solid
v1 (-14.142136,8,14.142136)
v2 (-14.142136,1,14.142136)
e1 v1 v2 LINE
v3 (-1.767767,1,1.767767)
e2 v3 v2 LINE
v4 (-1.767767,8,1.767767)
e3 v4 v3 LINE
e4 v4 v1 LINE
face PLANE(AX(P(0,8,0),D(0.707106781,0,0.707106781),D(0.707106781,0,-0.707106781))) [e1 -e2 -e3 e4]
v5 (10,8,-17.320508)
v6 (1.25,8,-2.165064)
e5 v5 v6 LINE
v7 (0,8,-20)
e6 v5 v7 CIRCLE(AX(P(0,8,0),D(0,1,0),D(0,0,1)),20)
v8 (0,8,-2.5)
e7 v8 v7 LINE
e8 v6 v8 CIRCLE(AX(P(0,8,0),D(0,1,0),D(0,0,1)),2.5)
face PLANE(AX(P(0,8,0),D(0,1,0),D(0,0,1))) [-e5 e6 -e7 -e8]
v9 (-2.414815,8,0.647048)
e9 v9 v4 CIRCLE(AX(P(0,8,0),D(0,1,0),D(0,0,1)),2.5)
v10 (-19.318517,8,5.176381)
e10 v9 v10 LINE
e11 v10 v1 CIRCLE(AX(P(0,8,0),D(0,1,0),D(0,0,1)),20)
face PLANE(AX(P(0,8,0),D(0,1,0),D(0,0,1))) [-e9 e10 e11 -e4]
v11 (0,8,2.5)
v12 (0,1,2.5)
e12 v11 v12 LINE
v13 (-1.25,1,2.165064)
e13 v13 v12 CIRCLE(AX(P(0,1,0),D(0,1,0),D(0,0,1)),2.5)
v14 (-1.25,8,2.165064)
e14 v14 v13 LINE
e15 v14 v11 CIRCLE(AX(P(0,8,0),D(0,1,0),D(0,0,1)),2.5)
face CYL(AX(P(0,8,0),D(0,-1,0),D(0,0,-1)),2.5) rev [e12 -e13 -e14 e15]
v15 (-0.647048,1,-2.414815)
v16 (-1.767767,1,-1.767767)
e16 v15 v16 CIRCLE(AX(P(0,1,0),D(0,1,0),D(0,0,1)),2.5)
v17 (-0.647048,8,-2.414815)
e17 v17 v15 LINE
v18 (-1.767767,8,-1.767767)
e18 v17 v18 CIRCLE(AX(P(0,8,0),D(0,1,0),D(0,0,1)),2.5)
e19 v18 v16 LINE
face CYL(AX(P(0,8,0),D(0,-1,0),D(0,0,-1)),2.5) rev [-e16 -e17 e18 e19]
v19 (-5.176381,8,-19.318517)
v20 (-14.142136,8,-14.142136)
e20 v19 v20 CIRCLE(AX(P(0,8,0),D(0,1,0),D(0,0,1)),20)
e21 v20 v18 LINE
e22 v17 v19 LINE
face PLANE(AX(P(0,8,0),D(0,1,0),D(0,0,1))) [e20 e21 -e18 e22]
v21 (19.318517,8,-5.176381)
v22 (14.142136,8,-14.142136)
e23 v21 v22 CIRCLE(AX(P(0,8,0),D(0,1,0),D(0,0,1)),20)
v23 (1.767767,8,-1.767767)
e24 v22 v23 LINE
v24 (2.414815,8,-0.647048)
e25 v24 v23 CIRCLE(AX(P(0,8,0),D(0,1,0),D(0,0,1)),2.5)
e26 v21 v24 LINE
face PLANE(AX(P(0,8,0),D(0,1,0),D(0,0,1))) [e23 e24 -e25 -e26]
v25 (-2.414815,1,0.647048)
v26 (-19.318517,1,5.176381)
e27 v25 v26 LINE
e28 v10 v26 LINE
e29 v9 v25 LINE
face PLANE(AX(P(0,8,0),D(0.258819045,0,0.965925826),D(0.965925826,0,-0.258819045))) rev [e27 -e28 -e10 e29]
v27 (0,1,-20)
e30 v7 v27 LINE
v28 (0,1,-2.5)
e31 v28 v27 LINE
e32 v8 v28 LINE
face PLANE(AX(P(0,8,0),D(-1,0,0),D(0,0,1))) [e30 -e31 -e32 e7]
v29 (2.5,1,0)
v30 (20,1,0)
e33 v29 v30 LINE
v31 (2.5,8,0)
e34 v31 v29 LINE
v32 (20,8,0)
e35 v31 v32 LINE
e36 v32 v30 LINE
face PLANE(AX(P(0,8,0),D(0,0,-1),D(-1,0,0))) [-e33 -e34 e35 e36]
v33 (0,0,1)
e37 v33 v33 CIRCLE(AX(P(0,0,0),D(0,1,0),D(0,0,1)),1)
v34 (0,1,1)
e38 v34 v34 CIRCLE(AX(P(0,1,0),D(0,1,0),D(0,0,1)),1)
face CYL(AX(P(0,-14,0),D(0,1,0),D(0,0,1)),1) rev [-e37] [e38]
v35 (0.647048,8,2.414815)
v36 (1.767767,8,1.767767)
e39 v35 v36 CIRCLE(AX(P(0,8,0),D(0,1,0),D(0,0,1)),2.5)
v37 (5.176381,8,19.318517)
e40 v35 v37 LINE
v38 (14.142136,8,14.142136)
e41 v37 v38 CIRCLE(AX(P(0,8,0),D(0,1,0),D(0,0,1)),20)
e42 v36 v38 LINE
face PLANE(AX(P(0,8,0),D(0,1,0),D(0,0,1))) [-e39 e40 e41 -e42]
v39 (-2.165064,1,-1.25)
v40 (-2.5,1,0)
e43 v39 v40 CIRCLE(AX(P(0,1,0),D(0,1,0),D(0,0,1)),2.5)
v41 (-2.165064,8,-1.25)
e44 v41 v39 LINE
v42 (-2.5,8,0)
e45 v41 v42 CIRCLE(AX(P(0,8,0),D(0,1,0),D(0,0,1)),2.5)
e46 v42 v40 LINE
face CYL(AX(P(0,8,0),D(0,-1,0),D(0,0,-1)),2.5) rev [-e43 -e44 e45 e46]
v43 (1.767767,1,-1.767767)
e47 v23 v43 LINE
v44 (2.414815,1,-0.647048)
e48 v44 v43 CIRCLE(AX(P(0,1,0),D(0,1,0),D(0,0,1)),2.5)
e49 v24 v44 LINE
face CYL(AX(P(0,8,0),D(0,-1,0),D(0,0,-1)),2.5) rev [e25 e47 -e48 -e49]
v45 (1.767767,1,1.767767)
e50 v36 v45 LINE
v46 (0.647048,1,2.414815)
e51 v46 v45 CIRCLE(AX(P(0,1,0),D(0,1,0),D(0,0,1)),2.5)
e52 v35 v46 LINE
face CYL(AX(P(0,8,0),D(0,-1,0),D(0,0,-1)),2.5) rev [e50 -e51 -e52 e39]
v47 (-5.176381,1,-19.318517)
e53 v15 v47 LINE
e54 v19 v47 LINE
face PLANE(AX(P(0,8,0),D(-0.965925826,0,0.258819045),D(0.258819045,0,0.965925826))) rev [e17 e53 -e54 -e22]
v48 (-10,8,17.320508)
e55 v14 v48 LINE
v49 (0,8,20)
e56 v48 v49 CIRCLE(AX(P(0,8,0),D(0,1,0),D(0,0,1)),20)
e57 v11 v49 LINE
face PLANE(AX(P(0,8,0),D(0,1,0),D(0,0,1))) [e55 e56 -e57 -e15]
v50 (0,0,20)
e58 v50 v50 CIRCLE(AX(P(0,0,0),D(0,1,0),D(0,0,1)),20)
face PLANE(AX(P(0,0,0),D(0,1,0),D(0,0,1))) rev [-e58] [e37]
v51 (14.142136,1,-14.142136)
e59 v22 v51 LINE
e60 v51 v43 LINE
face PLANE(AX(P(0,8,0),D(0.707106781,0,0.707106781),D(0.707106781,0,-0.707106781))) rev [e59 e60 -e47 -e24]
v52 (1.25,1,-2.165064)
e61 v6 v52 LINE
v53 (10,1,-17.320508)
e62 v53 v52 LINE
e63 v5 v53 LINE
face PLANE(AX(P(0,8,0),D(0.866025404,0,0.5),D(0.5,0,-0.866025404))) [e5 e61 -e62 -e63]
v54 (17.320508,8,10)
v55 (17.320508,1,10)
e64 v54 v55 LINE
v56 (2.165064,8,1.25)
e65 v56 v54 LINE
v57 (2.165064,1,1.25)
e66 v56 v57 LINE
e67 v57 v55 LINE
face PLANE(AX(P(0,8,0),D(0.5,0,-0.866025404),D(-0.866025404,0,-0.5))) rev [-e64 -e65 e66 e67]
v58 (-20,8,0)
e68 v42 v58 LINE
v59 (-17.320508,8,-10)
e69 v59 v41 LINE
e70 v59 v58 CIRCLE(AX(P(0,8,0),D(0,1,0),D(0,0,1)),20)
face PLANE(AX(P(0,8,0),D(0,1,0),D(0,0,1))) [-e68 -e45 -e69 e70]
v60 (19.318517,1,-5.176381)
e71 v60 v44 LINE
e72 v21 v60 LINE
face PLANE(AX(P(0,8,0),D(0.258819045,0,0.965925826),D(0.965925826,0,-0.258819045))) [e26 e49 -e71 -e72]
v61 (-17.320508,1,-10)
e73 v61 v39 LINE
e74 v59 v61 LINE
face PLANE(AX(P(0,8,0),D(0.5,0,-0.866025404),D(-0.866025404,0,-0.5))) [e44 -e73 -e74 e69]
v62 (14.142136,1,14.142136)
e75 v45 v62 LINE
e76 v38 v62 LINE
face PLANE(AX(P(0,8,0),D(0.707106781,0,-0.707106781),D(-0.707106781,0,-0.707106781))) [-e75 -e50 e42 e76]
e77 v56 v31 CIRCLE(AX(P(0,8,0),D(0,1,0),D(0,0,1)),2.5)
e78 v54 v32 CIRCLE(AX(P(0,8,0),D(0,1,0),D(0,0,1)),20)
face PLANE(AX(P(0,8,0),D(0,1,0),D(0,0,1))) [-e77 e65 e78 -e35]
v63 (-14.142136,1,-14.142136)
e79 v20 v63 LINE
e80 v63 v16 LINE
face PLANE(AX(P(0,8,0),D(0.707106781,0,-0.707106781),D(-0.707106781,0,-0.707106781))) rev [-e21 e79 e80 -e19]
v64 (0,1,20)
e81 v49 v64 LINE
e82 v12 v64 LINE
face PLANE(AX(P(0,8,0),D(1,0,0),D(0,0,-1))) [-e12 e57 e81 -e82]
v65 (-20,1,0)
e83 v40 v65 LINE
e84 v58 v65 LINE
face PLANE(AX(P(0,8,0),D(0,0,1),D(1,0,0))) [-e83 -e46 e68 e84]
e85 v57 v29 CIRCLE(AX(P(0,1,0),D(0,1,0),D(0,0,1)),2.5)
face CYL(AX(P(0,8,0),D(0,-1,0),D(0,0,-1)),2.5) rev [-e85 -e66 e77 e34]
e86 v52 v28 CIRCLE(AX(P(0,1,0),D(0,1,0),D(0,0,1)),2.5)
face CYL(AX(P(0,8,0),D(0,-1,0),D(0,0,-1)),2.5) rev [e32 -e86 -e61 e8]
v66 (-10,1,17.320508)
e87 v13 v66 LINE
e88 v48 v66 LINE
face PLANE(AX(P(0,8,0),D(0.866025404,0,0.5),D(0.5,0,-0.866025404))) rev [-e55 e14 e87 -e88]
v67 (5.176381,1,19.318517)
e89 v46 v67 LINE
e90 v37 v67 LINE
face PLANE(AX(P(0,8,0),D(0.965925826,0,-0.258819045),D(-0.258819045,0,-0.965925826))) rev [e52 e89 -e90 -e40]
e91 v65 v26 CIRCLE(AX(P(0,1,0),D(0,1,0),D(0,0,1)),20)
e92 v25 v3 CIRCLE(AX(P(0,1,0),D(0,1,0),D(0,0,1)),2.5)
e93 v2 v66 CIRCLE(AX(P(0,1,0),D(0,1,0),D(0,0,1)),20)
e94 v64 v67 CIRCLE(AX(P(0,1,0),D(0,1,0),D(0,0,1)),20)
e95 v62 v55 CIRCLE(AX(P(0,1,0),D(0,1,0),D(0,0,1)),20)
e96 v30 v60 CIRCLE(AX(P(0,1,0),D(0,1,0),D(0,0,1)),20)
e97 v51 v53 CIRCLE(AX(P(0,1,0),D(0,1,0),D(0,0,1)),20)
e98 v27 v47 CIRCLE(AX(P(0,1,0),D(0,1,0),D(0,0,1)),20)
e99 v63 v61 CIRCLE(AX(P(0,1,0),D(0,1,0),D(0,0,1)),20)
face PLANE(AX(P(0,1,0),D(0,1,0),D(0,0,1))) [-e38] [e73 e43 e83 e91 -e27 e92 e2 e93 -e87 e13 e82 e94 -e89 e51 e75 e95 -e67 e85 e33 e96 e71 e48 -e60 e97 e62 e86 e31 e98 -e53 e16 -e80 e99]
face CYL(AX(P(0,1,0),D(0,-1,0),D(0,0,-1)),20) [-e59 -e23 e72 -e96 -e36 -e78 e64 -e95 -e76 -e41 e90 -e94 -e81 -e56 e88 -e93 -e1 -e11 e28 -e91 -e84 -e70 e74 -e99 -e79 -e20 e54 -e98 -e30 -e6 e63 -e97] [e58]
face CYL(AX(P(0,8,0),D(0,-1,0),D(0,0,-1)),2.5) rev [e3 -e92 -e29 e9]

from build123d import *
from build123d.topology import SkipClean

# Parameters (mm, degrees)
SKETCH1_R                             = 20
FIRST_EXTRUDE_FOR_RUBBER_PIECE_DEPTH  = 1
SECOND_EXTRUDE_FOR_RUBBER_PIECE_DEPTH = 7
HOLE_FOR_SCREW_RUBBER_DEPTH           = 23
HOLE_FOR_SCREW_RUBBER_DEPTH_BACK      = 15
SKETCH3_R                             = 1


with BuildPart() as part:
    # Sketch1 → First Extrude for Rubber Piece (new body)
    with BuildSketch(Plane(origin=(0, 0, 0), x_dir=(1, 0, 0), z_dir=(0, 1, 0))):
        Circle(SKETCH1_R)
    extrude(amount=FIRST_EXTRUDE_FOR_RUBBER_PIECE_DEPTH)

    # Sketch2 → Second Extrude for Rubber Piece (add)
    with SkipClean():  # the faces are left unmerged after this step: merging them gives an invalid solid
        with BuildSketch(Plane(origin=(0, 1, 0), x_dir=(1, 0, 0), z_dir=(0, 1, 0))):
            with BuildLine():
                Line((0, 20), (0, 2.5))
                ThreePointArc((0, 2.5), (0.647047613, 2.414814566), (1.25, 2.165063509))
                Line((1.25, 2.165063509), (10, 17.320508076))
                ThreePointArc((10, 17.320508076), (5.176380902, 19.318516526), (0, 20))
            make_face()
            with BuildLine():
                ThreePointArc((-1.767766953, 1.767766953), (-1.25, 2.165063509), (-0.647047613, 2.414814566))
                Line((-0.647047613, 2.414814566), (-5.176380902, 19.318516526))
                ThreePointArc((-5.176380902, 19.318516526), (-10, 17.320508076), (-14.142135624, 14.142135624))
                Line((-14.142135624, 14.142135624), (-1.767766953, 1.767766953))
            make_face()
            with BuildLine():
                Line((14.142135624, 14.142135624), (1.767766953, 1.767766953))
                ThreePointArc((1.767766953, 1.767766953), (2.165063509, 1.25), (2.414814566, 0.647047613))
                Line((2.414814566, 0.647047613), (19.318516526, 5.176380902))
                ThreePointArc((19.318516526, 5.176380902), (17.320508076, 10), (14.142135624, 14.142135624))
            make_face()
            with BuildLine():
                ThreePointArc((-2.5, 0), (-2.414814566, 0.647047613), (-2.165063509, 1.25))
                Line((-2.165063509, 1.25), (-17.320508076, 10))
                ThreePointArc((-17.320508076, 10), (-19.318516526, 5.176380902), (-20, 0))
                Line((-20, 0), (-2.5, 0))
            make_face()
            with BuildLine():
                Line((20, 0), (2.5, 0))
                ThreePointArc((2.5, 0), (2.414814566, -0.647047613), (2.165063509, -1.25))
                Line((2.165063509, -1.25), (17.320508076, -10))
                ThreePointArc((17.320508076, -10), (19.318516526, -5.176380902), (20, 0))
            make_face()
            with BuildLine():
                ThreePointArc((-1.767766953, -1.767766953), (-2.165063509, -1.25), (-2.414814566, -0.647047613))
                Line((-2.414814566, -0.647047613), (-19.318516526, -5.176380902))
                ThreePointArc((-19.318516526, -5.176380902), (-17.320508076, -10), (-14.142135624, -14.142135624))
                Line((-14.142135624, -14.142135624), (-1.767766953, -1.767766953))
            make_face()
            with BuildLine():
                Line((14.142135624, -14.142135624), (1.767766953, -1.767766953))
                ThreePointArc((1.767766953, -1.767766953), (1.25, -2.165063509), (0.647047613, -2.414814566))
                Line((0.647047613, -2.414814566), (5.176380902, -19.318516526))
                ThreePointArc((5.176380902, -19.318516526), (10, -17.320508076), (14.142135624, -14.142135624))
            make_face()
            with BuildLine():
                ThreePointArc((0, -2.5), (-0.647047613, -2.414814566), (-1.25, -2.165063509))
                Line((-1.25, -2.165063509), (-10, -17.320508076))
                ThreePointArc((-10, -17.320508076), (-5.176380902, -19.318516526), (0, -20))
                Line((0, -20), (0, -2.5))
            make_face()
        extrude(amount=SECOND_EXTRUDE_FOR_RUBBER_PIECE_DEPTH)

    # Sketch3 → Hole for Screw (Rubber) (cut, two sides: drawn at the far end of the back side and taken through both)
    with SkipClean():  # the faces are left unmerged after this step: merging them gives an invalid solid
        with BuildSketch(Plane(origin=(0, 1, 0), x_dir=(1, 0, 0), z_dir=(0, 1, 0)).offset(-HOLE_FOR_SCREW_RUBBER_DEPTH_BACK)):
            Circle(SKETCH3_R)
        extrude(amount=HOLE_FOR_SCREW_RUBBER_DEPTH + HOLE_FOR_SCREW_RUBBER_DEPTH_BACK, mode=Mode.SUBTRACT)


solid = part.part
